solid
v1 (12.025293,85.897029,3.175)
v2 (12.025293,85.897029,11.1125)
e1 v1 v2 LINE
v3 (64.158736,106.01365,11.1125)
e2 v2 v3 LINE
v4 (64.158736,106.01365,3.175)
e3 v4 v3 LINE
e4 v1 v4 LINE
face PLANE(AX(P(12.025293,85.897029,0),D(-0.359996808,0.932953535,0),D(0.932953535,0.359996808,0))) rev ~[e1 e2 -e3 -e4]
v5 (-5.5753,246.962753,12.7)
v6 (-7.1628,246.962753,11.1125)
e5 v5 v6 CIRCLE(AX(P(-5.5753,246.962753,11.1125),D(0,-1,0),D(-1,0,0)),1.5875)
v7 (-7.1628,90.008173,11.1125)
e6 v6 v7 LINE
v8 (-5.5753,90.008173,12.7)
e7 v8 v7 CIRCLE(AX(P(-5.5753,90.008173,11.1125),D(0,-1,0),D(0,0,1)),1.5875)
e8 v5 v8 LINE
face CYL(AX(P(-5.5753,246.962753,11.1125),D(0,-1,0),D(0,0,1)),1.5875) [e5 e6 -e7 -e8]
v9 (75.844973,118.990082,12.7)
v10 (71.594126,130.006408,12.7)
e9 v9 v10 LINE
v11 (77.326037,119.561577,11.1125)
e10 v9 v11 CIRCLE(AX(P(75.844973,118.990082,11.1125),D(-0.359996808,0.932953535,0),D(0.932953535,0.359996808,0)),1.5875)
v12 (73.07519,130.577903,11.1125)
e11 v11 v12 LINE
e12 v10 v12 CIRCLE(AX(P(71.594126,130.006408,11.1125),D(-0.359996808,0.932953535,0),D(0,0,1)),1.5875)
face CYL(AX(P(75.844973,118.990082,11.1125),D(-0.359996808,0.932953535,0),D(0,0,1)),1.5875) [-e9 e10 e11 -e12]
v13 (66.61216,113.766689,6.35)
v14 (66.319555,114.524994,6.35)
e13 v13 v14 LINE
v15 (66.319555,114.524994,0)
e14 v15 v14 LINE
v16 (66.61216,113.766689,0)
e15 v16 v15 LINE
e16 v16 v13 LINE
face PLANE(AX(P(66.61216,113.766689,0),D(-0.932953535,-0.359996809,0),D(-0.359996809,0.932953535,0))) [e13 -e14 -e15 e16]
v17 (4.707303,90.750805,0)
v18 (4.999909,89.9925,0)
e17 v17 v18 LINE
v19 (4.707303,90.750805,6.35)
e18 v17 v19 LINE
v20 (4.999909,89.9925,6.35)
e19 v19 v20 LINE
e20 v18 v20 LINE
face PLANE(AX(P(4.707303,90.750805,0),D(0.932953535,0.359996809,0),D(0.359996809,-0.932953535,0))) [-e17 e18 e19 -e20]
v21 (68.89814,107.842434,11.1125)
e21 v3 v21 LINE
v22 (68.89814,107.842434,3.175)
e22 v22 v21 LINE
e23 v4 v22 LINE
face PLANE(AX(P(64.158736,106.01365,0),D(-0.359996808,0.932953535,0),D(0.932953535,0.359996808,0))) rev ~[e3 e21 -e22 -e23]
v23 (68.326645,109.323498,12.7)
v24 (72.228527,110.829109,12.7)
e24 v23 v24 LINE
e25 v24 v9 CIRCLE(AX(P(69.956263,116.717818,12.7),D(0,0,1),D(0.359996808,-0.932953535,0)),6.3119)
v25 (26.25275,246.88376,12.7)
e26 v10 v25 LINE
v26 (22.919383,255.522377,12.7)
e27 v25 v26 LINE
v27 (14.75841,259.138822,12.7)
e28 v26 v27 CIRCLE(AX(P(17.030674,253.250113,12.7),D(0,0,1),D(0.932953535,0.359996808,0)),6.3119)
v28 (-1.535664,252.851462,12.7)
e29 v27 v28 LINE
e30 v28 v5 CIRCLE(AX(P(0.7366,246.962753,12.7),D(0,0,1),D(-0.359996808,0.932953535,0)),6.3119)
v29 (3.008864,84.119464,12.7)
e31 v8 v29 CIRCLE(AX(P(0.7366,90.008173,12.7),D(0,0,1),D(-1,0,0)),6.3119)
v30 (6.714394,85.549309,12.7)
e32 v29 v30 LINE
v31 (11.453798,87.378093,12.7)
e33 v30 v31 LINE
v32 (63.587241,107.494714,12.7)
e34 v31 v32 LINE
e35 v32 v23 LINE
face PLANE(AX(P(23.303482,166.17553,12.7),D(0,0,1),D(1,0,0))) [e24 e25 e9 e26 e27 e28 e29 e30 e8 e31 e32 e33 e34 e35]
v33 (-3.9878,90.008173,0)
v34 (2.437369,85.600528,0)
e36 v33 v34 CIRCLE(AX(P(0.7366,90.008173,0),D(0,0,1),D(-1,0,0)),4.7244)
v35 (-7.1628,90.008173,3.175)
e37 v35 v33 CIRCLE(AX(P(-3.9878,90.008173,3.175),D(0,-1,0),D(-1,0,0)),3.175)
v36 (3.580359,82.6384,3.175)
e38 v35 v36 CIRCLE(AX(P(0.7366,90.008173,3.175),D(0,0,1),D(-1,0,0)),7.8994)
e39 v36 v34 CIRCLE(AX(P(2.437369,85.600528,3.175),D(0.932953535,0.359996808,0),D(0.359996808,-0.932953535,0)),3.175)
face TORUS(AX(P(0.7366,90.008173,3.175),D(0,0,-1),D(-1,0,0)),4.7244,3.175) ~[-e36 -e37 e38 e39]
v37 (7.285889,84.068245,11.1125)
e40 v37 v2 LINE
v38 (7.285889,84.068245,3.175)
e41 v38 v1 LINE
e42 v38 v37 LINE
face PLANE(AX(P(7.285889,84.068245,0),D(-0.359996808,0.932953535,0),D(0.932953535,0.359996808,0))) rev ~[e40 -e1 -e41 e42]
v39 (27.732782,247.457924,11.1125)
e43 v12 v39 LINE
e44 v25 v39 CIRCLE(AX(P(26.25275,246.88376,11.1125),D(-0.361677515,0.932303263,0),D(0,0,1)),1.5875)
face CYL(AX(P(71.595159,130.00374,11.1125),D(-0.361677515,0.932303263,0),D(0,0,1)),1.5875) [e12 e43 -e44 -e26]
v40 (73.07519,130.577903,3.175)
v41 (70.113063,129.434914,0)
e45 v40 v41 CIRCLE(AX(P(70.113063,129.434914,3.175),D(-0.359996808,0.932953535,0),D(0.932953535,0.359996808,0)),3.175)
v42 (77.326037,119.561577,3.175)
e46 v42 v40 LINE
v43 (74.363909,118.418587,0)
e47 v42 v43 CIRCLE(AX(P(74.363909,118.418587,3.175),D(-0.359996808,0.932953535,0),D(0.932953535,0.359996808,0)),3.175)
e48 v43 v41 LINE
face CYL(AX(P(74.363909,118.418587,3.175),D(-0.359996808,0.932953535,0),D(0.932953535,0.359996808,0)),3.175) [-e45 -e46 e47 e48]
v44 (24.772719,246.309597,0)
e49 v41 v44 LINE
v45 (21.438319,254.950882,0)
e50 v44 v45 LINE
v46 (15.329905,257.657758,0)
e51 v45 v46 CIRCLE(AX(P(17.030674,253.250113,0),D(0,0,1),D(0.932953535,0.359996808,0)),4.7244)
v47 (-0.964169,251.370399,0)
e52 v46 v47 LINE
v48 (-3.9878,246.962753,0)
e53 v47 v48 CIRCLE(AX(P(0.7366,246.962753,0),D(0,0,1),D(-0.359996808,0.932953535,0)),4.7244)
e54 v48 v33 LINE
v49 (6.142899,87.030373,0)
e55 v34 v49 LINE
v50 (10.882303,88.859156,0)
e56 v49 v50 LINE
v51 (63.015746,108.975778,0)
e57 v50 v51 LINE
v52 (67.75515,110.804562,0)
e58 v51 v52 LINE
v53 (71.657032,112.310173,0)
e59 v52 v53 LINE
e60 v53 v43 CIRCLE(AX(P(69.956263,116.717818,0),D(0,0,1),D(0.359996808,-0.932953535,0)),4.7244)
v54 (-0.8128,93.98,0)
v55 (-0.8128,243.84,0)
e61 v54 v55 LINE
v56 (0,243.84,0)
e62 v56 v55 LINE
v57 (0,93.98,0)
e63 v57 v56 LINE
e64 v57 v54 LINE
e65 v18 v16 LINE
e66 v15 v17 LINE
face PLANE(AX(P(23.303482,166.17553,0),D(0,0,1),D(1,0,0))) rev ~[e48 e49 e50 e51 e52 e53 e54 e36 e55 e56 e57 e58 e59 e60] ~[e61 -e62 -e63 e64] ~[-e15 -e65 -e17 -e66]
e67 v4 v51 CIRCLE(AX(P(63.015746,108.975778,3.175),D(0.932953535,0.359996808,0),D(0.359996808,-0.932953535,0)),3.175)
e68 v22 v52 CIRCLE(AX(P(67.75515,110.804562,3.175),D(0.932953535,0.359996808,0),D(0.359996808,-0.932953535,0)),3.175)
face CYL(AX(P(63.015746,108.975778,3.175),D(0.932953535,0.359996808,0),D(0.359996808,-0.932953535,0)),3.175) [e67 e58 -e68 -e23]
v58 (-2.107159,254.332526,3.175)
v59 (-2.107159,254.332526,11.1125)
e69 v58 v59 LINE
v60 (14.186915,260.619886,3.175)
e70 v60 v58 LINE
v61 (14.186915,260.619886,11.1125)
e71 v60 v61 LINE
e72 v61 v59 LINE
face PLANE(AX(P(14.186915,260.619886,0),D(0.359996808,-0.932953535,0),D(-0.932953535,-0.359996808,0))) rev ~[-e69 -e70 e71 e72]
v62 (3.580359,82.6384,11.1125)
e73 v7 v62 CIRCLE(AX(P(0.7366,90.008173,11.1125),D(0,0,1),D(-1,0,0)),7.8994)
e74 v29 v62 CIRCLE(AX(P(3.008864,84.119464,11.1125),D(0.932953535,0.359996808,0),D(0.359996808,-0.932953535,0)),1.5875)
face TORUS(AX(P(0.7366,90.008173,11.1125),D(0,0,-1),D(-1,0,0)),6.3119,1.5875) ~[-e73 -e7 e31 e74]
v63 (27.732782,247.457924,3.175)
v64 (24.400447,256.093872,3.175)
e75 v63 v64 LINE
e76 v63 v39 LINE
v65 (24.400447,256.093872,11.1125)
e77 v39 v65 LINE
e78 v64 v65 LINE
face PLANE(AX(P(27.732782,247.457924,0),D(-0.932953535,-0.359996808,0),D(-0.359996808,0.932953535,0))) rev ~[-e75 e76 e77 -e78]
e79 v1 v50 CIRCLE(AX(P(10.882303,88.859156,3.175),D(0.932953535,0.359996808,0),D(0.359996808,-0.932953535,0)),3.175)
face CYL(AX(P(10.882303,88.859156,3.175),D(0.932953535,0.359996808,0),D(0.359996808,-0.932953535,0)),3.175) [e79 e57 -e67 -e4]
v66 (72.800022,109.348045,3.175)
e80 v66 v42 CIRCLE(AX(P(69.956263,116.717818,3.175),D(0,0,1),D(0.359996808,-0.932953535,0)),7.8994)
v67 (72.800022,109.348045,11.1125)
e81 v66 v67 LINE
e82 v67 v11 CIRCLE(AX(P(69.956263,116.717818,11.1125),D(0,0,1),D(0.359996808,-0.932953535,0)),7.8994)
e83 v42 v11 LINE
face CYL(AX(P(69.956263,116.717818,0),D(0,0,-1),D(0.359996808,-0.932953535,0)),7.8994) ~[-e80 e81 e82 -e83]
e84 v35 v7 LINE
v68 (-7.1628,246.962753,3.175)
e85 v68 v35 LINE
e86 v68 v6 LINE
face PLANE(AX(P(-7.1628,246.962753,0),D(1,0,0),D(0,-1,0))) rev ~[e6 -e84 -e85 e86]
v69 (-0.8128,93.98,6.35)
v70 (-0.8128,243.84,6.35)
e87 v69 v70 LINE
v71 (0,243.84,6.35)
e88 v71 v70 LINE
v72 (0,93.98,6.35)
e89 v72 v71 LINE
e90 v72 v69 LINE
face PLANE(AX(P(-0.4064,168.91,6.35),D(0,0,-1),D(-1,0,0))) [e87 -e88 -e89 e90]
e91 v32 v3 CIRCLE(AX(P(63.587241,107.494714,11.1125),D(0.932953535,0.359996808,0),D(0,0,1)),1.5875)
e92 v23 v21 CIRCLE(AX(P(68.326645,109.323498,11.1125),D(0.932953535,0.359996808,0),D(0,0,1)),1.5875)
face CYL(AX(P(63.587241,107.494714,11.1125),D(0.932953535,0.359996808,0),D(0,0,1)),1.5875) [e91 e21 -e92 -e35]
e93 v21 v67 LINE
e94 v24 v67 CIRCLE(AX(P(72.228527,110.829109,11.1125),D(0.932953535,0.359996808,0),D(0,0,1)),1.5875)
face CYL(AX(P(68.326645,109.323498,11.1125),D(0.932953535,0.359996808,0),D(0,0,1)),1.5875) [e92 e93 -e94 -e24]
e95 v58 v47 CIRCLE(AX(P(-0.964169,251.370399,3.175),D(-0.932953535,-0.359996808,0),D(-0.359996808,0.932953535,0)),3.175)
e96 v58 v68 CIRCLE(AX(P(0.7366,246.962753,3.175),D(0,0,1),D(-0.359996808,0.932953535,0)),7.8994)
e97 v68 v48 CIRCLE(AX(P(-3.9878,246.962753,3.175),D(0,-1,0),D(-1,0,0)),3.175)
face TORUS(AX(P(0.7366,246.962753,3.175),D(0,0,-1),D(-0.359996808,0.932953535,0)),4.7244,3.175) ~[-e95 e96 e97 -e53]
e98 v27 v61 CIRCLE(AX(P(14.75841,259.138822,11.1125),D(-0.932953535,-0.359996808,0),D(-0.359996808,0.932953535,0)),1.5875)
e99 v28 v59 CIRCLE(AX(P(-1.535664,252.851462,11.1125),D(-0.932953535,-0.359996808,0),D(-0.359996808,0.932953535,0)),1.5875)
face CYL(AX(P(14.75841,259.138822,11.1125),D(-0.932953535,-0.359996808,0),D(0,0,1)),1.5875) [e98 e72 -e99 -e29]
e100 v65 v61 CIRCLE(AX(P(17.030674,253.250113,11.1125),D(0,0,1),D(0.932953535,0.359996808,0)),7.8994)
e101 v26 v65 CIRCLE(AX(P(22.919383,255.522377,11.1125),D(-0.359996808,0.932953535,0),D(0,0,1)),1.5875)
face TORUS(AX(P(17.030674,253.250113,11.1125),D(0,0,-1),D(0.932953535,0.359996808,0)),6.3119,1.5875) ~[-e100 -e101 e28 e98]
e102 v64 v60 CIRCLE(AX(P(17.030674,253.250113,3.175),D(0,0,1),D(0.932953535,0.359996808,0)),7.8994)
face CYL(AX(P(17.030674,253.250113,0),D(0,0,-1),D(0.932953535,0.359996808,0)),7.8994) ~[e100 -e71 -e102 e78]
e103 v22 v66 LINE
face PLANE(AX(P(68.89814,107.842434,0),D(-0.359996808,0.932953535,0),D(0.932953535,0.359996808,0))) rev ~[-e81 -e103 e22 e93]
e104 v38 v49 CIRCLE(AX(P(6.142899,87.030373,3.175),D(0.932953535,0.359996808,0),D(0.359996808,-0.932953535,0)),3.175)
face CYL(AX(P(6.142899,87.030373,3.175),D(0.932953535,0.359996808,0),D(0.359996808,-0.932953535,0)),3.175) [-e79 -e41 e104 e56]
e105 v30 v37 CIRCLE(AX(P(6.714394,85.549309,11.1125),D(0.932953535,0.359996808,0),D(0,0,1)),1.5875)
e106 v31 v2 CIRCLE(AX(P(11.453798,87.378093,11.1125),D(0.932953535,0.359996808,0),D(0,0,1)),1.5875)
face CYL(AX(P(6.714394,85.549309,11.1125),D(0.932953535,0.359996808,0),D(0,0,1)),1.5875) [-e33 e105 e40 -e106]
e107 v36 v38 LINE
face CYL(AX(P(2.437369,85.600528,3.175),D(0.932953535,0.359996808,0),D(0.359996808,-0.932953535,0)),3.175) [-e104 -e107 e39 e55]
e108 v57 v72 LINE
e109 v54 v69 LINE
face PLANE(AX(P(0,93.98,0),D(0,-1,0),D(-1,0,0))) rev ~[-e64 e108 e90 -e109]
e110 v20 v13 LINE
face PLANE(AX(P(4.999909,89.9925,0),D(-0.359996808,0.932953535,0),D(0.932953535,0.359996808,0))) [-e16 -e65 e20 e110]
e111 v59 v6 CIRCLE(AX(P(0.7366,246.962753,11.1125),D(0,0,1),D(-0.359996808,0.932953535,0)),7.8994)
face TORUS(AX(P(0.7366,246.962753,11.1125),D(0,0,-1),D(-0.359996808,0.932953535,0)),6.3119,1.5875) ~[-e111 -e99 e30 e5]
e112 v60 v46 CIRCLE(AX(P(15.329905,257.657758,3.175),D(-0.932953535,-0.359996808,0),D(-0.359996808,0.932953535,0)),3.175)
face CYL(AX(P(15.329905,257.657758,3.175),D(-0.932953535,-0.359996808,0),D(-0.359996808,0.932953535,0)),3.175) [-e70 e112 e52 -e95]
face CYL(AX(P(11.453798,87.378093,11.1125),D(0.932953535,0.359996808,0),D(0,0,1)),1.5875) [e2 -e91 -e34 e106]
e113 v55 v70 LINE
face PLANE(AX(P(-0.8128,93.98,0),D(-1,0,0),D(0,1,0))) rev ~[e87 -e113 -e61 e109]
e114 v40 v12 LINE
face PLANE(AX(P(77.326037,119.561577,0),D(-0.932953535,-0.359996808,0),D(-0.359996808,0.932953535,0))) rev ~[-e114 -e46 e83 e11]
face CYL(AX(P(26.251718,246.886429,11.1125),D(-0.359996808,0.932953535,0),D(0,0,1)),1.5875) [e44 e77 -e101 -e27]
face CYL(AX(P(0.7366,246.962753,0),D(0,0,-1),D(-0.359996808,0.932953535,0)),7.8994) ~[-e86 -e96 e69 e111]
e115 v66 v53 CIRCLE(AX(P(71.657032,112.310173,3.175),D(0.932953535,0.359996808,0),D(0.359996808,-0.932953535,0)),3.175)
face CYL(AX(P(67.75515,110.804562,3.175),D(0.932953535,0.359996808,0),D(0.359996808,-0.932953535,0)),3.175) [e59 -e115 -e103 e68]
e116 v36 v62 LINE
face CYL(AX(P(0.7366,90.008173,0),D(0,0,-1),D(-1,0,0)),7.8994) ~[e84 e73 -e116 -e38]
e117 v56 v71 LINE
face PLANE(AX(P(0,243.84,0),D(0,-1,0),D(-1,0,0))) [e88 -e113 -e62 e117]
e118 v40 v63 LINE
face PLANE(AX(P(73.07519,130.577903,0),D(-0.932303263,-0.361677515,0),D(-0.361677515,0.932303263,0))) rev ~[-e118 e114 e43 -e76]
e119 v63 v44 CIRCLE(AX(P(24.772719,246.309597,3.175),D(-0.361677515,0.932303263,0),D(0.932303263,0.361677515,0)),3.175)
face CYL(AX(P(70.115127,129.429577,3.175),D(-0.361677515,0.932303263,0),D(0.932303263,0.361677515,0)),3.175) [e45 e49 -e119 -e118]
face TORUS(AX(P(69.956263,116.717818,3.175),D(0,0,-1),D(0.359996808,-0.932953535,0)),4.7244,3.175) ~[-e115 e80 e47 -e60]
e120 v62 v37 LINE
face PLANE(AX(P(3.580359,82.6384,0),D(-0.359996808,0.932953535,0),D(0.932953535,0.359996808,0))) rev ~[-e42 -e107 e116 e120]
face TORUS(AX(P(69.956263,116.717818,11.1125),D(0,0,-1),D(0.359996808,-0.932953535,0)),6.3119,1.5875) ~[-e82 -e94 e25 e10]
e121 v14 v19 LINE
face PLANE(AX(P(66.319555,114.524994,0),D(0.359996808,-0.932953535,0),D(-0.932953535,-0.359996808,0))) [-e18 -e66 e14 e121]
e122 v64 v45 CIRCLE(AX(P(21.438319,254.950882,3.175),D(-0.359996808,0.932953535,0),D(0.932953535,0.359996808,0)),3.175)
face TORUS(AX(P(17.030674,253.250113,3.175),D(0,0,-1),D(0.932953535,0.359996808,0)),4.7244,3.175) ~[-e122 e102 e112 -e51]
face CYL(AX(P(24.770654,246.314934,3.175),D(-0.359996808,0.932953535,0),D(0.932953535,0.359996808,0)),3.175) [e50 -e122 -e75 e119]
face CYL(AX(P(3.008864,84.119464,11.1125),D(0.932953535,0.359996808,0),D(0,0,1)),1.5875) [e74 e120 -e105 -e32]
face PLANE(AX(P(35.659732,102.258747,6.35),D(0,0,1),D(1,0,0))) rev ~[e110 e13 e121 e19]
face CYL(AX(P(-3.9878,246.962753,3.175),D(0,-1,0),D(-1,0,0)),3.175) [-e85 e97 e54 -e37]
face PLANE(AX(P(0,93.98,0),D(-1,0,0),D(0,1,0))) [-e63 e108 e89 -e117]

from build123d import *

# Parameters (mm, degrees)
BOSS_EXTRUDE1_DEPTH = 12.7
FILLET1_R           = 3.175
FILLET2_R           = 1.5875
SKETCH3_W           = 0.8128
SKETCH3_H           = 149.86
CUT_EXTRUDE1_DEPTH  = 6.35
CUT_EXTRUDE2_DEPTH  = 6.35


with BuildPart() as part:
    # Sketch1 → Boss-Extrude1 (new body)
    with BuildSketch(Plane.XY):
        with BuildLine():
            Line((73.075190052, 130.577903395), (27.7327817, 247.457923548))
            Line((27.7327817, 247.457923548), (24.400446704, 256.093871545))
            ThreePointArc((24.400446704, 256.093871545), (20.231049001, 260.472170453), (14.186914765, 260.619885912))
            Line((14.186914765, 260.619885912), (-2.107158786, 254.332526198))
            ThreePointArc((-2.107158786, 254.332526198), (-5.777404472, 251.431339634), (-7.1628, 246.962753045))
            Line((-7.1628, 246.962753045), (-7.1628, 243.84))
            Line((-7.1628, 243.84), (-7.1628, 238.76))
            Line((-7.1628, 238.76), (-7.1628, 99.06))
            Line((-7.1628, 99.06), (-7.1628, 93.98))
            Line((-7.1628, 93.98), (-7.1628, 90.008173247))
            ThreePointArc((-7.1628, 90.008173247), (-3.731986589, 83.494168775), (3.580358786, 82.638400094))
            Line((3.580358786, 82.638400094), (7.285888595, 84.068245047))
            Line((7.285888595, 84.068245047), (12.025292552, 85.897028832))
            Line((12.025292552, 85.897028832), (64.158736078, 106.01365047))
            Line((64.158736078, 106.01365047), (68.898140035, 107.842434255))
            Line((68.898140035, 107.842434255), (72.80002218, 109.34804527))
            ThreePointArc((72.80002218, 109.34804527), (77.178321088, 113.517442972), (77.326036547, 119.561577209))
            Line((77.326036547, 119.561577209), (73.075190052, 130.577903395))
        make_face()
    extrude(amount=BOSS_EXTRUDE1_DEPTH)

    # Fillet1
    fillet1_edges = [part.edges().sort_by_distance(p)[0] for p in [
        (-7.1628, 168.485463146, 0),
        (-3.731986589, 83.494168775, 0),
        (38.190190483, 95.993222682, 0),
        (77.178321088, 113.517442972, 0),
        (75.200613299, 125.069740302, 0),
        (50.403985876, 189.017913472, 0),
        (26.066614202, 251.775897547, 0),
        (20.231049001, 260.472170453, 0),
        (6.039877989, 257.476206055, 0),
        (-5.777404472, 251.431339634, 0),
    ]]
    fillet(fillet1_edges, radius=FILLET1_R)

    # Fillet2
    fillet2_edges = [part.edges().sort_by_distance(p)[0] for p in [
        (-5.777404472, 251.431339634, 12.7),
        (6.039877989, 257.476206055, 12.7),
        (20.231049001, 260.472170453, 12.7),
        (26.066614202, 251.775897547, 12.7),
        (50.403985876, 189.017913472, 12.7),
        (75.200613299, 125.069740302, 12.7),
        (77.178321088, 113.517442972, 12.7),
        (38.190190483, 95.993222682, 12.7),
        (-7.1628, 168.485463146, 12.7),
        (-3.731986589, 83.494168775, 12.7),
    ]]
    fillet(fillet2_edges, radius=FILLET2_R)

    # Sketch3 → Cut-Extrude1 (cut)
    with BuildSketch(Plane(origin=(0, 0, 0), x_dir=(-1, 0, 0), z_dir=(0, 0, -1))):
        with Locations((0.4064, 168.91)):
            Rectangle(SKETCH3_W, SKETCH3_H)
    extrude(amount=-CUT_EXTRUDE1_DEPTH, mode=Mode.SUBTRACT)

    # Sketch4 → Cut-Extrude2 (cut)
    with BuildSketch(Plane(origin=(0, 0, 0), x_dir=(-1, 0, 0), z_dir=(0, 0, -1))):
        Polygon((-66.319554898, 114.524993835), (-4.707303458, 90.750804626), (-4.999908864, 89.992499993), (-66.612160304, 113.766689202), align=None)
    extrude(amount=-CUT_EXTRUDE2_DEPTH, mode=Mode.SUBTRACT)


solid = part.part
